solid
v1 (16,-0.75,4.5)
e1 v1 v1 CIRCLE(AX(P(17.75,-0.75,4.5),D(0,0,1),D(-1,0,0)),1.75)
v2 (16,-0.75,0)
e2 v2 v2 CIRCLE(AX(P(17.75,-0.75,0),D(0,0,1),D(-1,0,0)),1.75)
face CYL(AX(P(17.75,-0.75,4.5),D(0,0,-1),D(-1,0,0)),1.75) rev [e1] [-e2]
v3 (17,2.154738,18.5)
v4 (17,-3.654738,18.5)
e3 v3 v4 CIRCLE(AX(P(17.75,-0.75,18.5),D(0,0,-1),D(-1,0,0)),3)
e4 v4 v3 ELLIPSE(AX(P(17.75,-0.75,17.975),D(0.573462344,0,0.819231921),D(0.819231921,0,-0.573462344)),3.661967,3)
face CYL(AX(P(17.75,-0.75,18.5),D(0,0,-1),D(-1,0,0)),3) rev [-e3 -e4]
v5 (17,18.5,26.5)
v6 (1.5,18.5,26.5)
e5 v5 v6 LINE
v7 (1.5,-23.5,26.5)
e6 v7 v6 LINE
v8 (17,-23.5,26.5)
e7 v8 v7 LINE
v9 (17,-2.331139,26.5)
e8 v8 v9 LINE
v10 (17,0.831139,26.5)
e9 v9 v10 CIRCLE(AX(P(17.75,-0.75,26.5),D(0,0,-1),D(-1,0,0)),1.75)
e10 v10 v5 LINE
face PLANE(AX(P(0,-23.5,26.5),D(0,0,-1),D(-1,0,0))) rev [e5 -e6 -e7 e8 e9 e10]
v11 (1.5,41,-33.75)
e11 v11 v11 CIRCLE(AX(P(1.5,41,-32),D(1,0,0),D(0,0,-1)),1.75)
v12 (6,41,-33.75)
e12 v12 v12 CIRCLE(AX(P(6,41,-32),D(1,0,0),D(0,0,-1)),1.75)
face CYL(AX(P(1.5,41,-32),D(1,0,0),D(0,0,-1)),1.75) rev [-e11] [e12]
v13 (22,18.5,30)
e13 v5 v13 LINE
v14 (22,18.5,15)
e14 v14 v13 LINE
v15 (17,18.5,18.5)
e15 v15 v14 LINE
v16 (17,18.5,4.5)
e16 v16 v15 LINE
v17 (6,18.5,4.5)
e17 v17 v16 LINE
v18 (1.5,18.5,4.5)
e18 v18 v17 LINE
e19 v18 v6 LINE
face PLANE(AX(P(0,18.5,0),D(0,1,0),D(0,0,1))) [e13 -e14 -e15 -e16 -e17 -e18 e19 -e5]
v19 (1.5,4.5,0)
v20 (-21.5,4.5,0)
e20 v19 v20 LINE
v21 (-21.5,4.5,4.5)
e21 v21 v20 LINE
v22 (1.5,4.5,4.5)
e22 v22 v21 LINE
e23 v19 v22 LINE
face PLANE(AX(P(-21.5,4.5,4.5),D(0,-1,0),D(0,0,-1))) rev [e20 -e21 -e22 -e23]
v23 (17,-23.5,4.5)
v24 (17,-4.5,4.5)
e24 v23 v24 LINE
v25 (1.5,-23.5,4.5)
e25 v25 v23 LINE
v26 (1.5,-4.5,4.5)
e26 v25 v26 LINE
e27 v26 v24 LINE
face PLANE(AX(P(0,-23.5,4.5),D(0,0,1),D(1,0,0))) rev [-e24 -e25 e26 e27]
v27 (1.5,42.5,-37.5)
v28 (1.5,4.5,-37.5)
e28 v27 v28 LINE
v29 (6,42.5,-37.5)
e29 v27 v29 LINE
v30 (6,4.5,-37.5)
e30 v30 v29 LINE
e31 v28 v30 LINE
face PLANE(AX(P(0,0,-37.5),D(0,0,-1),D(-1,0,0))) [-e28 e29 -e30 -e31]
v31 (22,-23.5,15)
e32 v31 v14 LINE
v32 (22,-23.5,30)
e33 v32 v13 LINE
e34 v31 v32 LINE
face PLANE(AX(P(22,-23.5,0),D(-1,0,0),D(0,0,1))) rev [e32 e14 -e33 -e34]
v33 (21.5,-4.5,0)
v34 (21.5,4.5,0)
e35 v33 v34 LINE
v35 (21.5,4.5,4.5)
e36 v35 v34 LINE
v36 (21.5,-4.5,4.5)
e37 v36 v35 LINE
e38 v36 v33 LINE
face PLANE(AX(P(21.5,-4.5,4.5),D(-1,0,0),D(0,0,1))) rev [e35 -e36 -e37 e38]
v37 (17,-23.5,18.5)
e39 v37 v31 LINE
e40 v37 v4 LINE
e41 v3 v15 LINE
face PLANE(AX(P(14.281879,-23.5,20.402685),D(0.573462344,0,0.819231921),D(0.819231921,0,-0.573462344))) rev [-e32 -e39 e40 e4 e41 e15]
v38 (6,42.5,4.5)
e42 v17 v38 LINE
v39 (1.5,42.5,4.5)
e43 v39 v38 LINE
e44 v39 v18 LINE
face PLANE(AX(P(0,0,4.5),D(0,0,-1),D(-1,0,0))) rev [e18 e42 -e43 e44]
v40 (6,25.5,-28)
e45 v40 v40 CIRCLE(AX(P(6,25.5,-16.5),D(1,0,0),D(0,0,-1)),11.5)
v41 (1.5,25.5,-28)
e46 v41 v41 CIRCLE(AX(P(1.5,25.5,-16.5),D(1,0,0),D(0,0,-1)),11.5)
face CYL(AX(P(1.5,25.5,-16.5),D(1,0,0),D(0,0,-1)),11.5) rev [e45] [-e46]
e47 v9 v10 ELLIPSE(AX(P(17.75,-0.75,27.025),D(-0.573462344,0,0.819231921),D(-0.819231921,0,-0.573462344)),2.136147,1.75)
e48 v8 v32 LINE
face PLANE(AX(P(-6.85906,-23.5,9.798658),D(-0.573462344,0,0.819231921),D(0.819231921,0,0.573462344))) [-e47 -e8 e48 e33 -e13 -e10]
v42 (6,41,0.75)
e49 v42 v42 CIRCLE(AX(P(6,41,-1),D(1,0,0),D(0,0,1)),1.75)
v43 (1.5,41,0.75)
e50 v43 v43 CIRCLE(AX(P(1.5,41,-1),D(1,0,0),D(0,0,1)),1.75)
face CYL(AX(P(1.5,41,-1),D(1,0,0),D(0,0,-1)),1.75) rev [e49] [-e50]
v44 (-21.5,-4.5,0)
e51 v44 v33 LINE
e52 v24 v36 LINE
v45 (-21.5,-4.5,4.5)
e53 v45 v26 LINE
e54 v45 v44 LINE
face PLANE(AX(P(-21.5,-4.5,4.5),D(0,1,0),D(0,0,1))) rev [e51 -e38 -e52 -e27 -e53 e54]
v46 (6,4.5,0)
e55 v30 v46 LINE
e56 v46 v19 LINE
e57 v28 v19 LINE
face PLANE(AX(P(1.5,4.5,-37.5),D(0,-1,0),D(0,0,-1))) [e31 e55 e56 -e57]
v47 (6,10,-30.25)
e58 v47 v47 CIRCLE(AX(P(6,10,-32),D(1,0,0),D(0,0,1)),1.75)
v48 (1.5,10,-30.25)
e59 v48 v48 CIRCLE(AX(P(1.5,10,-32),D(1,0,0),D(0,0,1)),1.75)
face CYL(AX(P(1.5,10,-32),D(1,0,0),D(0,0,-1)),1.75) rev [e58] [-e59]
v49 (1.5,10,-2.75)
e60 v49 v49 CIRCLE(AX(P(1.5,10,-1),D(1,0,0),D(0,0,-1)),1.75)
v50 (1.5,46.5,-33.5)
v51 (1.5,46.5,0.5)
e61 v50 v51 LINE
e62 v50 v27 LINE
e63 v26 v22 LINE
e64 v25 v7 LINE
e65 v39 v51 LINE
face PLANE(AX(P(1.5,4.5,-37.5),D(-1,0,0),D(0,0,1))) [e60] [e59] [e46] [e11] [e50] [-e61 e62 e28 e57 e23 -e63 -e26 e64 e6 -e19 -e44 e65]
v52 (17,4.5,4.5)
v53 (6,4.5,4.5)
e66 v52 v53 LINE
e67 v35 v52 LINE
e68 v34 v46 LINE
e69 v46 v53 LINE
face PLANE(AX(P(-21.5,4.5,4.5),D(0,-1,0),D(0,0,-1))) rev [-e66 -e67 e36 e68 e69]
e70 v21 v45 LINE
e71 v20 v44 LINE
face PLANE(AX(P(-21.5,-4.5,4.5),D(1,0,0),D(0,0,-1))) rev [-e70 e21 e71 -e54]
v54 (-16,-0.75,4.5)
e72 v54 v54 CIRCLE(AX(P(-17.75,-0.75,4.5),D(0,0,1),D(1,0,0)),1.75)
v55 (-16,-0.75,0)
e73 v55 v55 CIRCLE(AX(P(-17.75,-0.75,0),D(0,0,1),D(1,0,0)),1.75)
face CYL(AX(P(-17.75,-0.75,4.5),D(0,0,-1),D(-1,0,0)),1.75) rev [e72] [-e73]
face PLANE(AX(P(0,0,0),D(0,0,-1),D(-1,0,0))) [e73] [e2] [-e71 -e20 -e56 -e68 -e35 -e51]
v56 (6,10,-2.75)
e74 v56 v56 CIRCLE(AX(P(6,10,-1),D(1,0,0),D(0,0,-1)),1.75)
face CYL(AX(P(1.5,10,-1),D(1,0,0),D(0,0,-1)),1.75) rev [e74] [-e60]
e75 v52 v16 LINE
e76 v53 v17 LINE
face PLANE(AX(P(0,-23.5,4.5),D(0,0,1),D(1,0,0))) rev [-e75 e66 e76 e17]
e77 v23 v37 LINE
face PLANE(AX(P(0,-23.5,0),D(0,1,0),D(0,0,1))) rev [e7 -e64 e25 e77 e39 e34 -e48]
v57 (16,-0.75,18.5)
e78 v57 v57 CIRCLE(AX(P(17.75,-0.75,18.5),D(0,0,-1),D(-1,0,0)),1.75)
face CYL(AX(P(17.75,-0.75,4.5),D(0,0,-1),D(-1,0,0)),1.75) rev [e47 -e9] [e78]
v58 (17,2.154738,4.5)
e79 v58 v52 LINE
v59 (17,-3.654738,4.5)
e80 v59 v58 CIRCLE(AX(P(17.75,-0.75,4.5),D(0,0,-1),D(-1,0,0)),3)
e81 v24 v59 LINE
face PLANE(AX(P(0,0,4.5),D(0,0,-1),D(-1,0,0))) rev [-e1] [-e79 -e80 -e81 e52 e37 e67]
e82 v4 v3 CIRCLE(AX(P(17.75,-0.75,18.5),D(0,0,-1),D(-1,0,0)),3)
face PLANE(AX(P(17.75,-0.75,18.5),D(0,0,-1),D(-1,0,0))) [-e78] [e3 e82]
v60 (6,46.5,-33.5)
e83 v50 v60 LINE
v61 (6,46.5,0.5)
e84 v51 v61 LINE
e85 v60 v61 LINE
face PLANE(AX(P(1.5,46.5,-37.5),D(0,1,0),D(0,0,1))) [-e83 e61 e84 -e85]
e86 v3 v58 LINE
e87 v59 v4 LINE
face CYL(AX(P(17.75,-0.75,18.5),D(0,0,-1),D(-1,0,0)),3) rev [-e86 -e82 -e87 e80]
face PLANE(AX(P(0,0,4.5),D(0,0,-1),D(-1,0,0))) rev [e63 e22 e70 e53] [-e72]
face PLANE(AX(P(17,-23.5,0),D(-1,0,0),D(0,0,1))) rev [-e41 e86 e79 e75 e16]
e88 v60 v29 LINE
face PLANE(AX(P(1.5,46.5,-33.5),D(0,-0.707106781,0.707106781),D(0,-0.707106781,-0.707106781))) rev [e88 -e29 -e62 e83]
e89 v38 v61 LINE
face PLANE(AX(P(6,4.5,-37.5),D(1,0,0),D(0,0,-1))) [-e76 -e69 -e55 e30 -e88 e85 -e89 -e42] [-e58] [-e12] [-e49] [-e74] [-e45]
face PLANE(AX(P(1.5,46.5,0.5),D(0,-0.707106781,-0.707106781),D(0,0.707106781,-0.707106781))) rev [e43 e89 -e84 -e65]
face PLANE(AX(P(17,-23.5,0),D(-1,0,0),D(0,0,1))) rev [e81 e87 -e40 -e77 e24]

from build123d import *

# Parameters (mm, degrees)
SKETCH_1_W            = 43
SKETCH_1_H            = 9
SKETCH_1_R            = 1.75
EXTRUDE_1_DEPTH       = 4.5
SKETCH_2_W            = 4.5
SKETCH_2_H            = 42
EXTRUDE_2_DEPTH       = 42
SKETCH_3_R            = 11.5
SKETCH_3_R_2          = 1.75
CUT_EXTRUDE_2_DEPTH   = 4.5
EXTRUDE_10_DEPTH      = 14
EXTRUDE_10_DEPTH_BACK = 28
SKETCH_11_W           = 5.5
SKETCH_11_H           = 22
SKETCH_1_6_R          = 1.75
CUT_EXTRUDE_7_DEPTH   = 64.659249132
CUT_EXTRUDE_START     = -4.5
SKETCH_12_R           = 3
CUT_EXTRUDE_8_DEPTH   = 14


with BuildPart() as part:
    # 草图1 → 凸台-拉伸1 (new body)
    with BuildSketch(Plane.XY):
        Rectangle(SKETCH_1_W, SKETCH_1_H)
        with Locations((-17.75, -0.75)):
            Circle(SKETCH_1_R, mode=Mode.SUBTRACT)
        with Locations(Location((17.75, -0.75, 0), (0, 0, 180))):
            Circle(SKETCH_1_R, mode=Mode.SUBTRACT)
    extrude(amount=EXTRUDE_1_DEPTH)

    # 草图2 → 凸台-拉伸2 (add)
    with BuildSketch(Plane.XY.offset(4.5)):
        with Locations((3.75, 25.5)):
            Rectangle(SKETCH_2_W, SKETCH_2_H)
    extrude(amount=-EXTRUDE_2_DEPTH)

    # 草图3 → 切除-拉伸2 (cut)
    with BuildSketch(Plane(origin=(6, 0, 0), x_dir=(0, 0, -1), z_dir=(1, 0, 0))):
        with Locations((16.5, 25.5)):
            Circle(SKETCH_3_R)
        with Locations((32, 41)):
            Circle(SKETCH_3_R_2)
        with Locations(Location((32, 10, 0), (0, 0, 180))):
            Circle(SKETCH_3_R_2)
        with Locations((1, 10)):
            Circle(SKETCH_3_R_2)
        with Locations(Location((1, 41, 0), (0, 0, 180))):
            Circle(SKETCH_3_R_2)
        Polygon((33.5, 46.5), (37.5, 42.5), (37.5, 46.5), align=None)
        Polygon((-0.5, 46.5), (-4.5, 42.5), (-4.5, 46.5), align=None)
    extrude(amount=-CUT_EXTRUDE_2_DEPTH, mode=Mode.SUBTRACT)

    # 草图11 → 凸台-拉伸10 (add, two sides: drawn at the far end of the back side and taken through both)
    with BuildSketch(Plane(origin=(0, 4.5, 0), x_dir=(1, 0, 0), z_dir=(0, 1, 0)).offset(-EXTRUDE_10_DEPTH_BACK)):
        Polygon((22, -22.5), (22, -15), (17, -18.5), (17, -22.5), align=None)
        Polygon((17, -22.5), (17, -18.5), (17, -4.5), (7, -4.5), (7, -26.5), (17, -26.5), align=None)
        Polygon((22, -30), (22, -22.5), (17, -22.5), (17, -26.5), align=None)
        with Locations((4.25, -15.5)):
            Rectangle(SKETCH_11_W, SKETCH_11_H)
    extrude(amount=EXTRUDE_10_DEPTH + EXTRUDE_10_DEPTH_BACK)

    # 草图1<6> → 切除-拉伸7 (cut, through all)
    with BuildSketch(Plane.XY):
        with Locations(Location((17.75, -0.75, 0), (0, 0, 180))):
            Circle(SKETCH_1_6_R)
    extrude(amount=CUT_EXTRUDE_7_DEPTH, mode=Mode.SUBTRACT)

    # 草图12 → 切除-拉伸8 (cut)
    with BuildSketch(Plane(origin=(0, 0, 0), x_dir=(-1, 0, 0), z_dir=(0, 0, -1)).offset(CUT_EXTRUDE_START)):
        with Locations((-17.75, -0.75)):
            Circle(SKETCH_12_R)
    extrude(amount=-CUT_EXTRUDE_8_DEPTH, mode=Mode.SUBTRACT)


solid = part.part
